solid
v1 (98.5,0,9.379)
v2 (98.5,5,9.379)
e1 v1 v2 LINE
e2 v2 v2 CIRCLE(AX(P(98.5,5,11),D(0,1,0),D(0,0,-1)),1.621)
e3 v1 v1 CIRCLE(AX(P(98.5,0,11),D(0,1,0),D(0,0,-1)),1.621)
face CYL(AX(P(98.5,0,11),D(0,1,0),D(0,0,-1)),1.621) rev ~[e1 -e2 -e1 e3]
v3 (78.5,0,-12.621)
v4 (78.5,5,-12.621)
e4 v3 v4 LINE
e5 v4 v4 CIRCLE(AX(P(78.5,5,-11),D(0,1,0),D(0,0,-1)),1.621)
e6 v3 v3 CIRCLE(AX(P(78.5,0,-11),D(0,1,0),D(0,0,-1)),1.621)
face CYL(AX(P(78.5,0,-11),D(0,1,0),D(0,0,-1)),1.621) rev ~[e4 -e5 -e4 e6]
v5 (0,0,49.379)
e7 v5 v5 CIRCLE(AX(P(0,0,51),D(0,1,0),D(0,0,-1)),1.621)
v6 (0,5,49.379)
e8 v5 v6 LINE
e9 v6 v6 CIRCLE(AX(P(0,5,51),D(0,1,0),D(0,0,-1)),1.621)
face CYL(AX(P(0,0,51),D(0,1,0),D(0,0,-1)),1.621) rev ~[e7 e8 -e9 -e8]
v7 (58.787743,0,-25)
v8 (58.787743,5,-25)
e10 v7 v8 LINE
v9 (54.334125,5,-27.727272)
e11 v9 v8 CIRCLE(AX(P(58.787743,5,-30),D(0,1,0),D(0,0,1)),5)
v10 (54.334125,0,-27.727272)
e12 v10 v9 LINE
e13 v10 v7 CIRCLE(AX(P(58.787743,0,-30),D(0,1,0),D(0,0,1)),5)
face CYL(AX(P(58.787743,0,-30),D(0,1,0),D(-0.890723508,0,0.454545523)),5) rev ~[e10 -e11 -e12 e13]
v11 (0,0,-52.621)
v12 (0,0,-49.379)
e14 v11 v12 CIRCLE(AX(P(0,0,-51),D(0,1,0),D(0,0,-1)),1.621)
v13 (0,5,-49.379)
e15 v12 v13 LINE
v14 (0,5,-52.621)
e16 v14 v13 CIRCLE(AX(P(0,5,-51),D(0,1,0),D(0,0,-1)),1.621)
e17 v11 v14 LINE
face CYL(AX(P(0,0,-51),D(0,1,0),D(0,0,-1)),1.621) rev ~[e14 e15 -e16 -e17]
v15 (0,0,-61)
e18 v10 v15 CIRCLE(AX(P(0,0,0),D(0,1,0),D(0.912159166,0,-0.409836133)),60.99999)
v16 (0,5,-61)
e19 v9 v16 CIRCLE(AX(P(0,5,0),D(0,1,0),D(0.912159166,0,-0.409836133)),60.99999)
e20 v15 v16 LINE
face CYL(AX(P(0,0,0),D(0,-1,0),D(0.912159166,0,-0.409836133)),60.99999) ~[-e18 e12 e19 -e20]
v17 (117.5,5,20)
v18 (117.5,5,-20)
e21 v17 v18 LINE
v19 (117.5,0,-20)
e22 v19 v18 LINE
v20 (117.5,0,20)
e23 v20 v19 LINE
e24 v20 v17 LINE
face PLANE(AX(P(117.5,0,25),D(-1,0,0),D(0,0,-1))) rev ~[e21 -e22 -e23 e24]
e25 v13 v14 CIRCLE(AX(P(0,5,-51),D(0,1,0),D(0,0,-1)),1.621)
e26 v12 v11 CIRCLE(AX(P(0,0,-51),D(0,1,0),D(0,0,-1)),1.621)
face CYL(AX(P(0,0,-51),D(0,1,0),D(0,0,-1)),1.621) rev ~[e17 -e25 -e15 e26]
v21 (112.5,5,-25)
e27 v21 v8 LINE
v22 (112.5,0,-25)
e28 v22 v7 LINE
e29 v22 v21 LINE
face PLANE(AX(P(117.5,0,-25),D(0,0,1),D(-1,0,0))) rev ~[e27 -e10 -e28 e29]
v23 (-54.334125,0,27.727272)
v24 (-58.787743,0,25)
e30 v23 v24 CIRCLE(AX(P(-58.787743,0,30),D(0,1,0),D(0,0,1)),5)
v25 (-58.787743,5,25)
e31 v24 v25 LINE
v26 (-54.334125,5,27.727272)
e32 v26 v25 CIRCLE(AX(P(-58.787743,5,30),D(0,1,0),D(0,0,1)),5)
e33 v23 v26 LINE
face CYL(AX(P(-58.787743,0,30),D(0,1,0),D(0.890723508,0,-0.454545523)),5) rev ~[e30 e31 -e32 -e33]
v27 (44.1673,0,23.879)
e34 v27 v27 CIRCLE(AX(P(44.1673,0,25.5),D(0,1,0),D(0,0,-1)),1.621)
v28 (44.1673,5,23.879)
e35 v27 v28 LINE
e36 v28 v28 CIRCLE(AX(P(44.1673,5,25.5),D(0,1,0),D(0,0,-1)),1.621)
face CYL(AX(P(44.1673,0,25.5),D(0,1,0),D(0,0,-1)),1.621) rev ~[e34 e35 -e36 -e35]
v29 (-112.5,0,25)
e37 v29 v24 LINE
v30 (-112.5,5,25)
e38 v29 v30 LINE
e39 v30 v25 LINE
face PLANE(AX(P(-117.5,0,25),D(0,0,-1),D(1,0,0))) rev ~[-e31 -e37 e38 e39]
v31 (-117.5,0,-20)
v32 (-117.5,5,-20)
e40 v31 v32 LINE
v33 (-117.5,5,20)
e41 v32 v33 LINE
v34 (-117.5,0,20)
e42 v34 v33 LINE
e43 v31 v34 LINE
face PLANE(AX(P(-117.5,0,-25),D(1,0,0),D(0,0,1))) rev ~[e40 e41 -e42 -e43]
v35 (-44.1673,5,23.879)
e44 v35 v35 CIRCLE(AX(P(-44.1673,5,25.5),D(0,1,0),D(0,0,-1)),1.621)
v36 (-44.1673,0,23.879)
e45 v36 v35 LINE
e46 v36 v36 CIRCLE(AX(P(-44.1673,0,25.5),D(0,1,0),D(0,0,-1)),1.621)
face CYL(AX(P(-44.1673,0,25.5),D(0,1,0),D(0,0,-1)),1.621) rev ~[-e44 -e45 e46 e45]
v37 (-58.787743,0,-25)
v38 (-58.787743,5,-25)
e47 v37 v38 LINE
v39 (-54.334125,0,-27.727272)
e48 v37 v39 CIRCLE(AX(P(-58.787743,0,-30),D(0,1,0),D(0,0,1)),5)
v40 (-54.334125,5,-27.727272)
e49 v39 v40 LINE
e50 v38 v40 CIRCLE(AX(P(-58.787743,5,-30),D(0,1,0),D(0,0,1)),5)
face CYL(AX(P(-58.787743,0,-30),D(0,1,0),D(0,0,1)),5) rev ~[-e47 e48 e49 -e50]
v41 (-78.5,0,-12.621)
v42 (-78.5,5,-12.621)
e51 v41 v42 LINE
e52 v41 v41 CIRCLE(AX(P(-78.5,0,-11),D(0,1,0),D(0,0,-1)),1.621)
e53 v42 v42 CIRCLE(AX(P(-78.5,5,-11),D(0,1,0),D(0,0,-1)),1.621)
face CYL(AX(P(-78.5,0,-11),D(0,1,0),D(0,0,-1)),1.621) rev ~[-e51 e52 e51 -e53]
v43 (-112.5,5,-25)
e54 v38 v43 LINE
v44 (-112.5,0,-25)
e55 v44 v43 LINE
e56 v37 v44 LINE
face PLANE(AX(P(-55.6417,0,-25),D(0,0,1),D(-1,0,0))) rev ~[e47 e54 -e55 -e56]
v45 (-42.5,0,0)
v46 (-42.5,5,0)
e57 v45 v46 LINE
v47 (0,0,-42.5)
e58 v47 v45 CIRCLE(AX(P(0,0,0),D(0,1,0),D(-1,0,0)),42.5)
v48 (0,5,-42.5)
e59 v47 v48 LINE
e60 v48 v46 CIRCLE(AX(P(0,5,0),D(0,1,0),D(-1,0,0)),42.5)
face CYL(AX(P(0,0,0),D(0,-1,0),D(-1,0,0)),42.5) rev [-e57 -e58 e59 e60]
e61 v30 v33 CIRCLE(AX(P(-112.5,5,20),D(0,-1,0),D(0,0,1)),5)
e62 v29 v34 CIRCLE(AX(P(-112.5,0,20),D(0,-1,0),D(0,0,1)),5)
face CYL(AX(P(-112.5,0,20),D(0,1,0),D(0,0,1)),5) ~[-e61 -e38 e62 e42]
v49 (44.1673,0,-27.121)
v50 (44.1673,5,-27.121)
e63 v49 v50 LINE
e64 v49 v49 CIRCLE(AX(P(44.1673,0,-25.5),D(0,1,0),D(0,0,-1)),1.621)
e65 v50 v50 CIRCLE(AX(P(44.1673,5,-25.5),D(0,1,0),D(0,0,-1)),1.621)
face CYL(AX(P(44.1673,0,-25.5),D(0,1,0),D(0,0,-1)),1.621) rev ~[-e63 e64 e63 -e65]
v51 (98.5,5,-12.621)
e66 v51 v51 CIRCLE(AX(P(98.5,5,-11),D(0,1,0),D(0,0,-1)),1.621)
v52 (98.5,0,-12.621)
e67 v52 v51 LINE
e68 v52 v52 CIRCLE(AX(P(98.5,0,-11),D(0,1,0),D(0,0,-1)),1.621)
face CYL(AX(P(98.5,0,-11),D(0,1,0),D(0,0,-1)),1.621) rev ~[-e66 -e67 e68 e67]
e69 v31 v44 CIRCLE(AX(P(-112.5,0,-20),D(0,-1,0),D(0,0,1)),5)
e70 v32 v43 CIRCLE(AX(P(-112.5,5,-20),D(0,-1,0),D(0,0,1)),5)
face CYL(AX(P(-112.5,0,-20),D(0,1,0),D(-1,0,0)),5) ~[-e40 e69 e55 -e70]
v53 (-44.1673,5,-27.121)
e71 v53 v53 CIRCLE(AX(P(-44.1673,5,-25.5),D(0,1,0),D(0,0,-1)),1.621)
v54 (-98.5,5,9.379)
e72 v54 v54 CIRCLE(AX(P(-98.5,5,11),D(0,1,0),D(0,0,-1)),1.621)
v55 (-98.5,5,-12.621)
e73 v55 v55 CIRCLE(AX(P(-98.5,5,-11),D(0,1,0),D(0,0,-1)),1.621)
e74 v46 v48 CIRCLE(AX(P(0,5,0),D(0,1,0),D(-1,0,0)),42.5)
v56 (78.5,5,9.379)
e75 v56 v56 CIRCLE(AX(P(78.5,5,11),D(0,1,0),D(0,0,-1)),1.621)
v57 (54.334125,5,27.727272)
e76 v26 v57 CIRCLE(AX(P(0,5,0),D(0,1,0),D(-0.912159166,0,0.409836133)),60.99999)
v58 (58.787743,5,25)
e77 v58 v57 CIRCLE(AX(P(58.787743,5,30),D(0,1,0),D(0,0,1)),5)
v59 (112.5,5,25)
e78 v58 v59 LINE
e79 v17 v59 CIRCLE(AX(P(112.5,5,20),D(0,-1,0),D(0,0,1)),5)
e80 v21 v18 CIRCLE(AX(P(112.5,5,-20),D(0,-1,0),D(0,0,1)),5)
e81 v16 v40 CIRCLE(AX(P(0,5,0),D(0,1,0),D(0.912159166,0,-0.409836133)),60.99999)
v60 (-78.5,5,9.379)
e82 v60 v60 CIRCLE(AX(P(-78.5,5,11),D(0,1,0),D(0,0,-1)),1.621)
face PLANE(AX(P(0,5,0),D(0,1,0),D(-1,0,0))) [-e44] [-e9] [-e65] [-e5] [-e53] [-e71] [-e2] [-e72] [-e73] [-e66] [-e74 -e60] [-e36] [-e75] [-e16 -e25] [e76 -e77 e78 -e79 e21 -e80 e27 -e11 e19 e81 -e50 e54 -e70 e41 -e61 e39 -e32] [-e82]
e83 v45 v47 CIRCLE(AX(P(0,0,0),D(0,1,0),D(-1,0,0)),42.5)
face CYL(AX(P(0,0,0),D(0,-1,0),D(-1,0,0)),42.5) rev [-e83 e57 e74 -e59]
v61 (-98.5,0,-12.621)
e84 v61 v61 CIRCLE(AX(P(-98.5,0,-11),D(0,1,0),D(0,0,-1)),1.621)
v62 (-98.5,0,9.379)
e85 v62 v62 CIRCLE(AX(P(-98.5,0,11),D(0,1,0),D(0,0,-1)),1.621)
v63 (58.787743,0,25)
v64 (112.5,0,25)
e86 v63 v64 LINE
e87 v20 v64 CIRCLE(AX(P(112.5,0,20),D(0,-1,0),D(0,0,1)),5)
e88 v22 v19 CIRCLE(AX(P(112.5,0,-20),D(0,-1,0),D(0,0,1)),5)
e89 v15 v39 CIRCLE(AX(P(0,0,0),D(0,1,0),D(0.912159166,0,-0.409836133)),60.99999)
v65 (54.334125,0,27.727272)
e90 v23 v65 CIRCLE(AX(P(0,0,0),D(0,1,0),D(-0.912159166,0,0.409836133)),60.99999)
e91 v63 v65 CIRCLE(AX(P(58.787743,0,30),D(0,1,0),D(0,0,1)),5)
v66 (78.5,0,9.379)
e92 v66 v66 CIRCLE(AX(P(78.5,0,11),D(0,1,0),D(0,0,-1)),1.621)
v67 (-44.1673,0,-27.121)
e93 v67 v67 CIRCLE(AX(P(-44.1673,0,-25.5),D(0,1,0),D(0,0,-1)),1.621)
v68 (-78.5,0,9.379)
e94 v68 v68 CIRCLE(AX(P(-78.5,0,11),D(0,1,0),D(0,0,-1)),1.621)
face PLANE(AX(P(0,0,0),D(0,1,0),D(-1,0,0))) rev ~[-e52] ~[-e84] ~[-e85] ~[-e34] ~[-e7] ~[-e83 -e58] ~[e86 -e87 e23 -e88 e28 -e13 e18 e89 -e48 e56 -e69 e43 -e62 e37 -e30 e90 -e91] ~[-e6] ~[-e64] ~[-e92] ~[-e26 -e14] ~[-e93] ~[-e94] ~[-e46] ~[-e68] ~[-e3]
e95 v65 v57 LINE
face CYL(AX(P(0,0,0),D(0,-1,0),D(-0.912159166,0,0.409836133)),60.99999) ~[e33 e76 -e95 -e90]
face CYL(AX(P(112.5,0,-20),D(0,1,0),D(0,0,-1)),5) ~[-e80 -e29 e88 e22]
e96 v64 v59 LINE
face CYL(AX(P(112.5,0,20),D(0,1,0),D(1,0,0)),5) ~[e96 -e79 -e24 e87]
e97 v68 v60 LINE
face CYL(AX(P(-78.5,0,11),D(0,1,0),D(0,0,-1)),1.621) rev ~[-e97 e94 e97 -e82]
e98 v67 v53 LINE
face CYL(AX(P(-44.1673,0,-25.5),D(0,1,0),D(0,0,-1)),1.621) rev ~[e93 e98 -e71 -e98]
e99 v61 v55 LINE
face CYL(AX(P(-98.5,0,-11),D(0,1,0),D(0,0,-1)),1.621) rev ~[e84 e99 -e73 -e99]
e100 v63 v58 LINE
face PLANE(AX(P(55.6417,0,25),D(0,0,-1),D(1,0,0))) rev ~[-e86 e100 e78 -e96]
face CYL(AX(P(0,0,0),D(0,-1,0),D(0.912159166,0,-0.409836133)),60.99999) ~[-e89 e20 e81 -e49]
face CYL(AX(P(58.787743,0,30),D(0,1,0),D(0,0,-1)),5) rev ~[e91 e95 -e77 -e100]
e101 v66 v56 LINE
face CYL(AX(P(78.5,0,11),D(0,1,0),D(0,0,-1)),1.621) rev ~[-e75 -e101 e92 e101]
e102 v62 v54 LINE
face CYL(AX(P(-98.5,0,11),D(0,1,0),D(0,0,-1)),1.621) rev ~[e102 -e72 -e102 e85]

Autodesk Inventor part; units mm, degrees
ref_plane "YZ Plane" through (0, 0, 0) normal (1, 0, 0) x (0, 1, 0)
ref_plane "XZ Plane" through (0, 0, 0) normal (0, 1, 0) x (-1, 0, 0)
ref_plane "XY Plane" through (0, 0, 0) normal (0, 0, 1) x (1, 0, 0)
sketch "Sketch1" plane through (0, 0, 0) normal (0, 1, 0) x (-1, 0, 0)
  circle A0 centre (0, 0) radius 42.5
  arc A1 (55.6417, 25) -> (-55.6417, 25) centre (0, 0) ccw
  line L0 (0, 0) -> (0, -61)
  line L1 (0, 0) -> (0, 0)
  line L2 (0, 0) -> (0, -90.4875)
  line L3 (-117.5, 25) -> (-117.5, -25)
  line L4 (117.5, -25) -> (117.5, 25)
  line L5 (117.5, 25) -> (-117.5, -25) construction
  line L6 (-117.5, 25) -> (117.5, -25) construction
  line L7 (117.5, 25) -> (55.6417, 25)
  line L8 (-55.6417, 25) -> (-117.5, 25)
  line L9 (55.6417, -25) -> (117.5, -25)
  line L10 (-117.5, -25) -> (-55.6417, -25)
  arc A2 (-55.6417, -25) -> (55.6417, -25) centre (0, 0) ccw
  dimension "d0" = 85
  dimension "d29" = 61
  dimension "d46" = 235
  dimension "d47" = 50
extrude "Extrusion1" add sketch "Sketch1" along normal blind 5
sketch "Sketch2" plane through (0, 0, 0) normal (0, -1, 0) x (1, 0, 0)
  line L0 (-117.5, -25) -> (-117.5, 25) projected
  line L1 (-117.5, 0) -> (117.5, 0)
  line L2 (117.5, 25) -> (117.5, -25) projected
  arc A0 (55.6417, 25) -> (-55.6417, 25) centre (0, 0) ccw projected
  line L3 (0, 61) -> (0, -61)
  arc A1 (-55.6417, -25) -> (55.6417, -25) centre (0, 0) ccw projected
  circle A2 centre (-98.5, 11) radius 2
  line L4 (-117.5, 25) -> (-55.6417, 25) projected
  circle A3 centre (-78.5, 11) radius 2
  circle A4 centre (-98.5, -11) radius 2
  circle A5 centre (-78.5, -11) radius 2
  circle A6 centre (98.5, 11) radius 2
  circle A7 centre (78.5, 11) radius 2
  circle A8 centre (98.5, -11) radius 2
  circle A9 centre (78.5, -11) radius 2
  dimension "d51" = 4
  dimension "d52" = 19
  dimension "d53" = 14
  dimension "d54" = 4
  dimension "d55" = 20
hole "Hole1" at (-98.5, 0, 11) at (-78.5, 0, 11) at (-78.5, 0, -11) at (-98.5, 0, -11) at (78.5, 0, 11) at (98.5, 0, 11) at (98.5, 0, -11) at (78.5, 0, -11) direction (0, 1, 0) diameter 3.242 depth 11.8 tip angle 118 thread size "M4x0.7" class "6H" standard "ANSI Metric M Profile"
sketch "Sketch3" plane through (0, 0, 0) normal (0, -1, 0) x (1, 0, 0)
  circle A0 centre (0, 0) radius 51
  circle A1 centre (0, 51) radius 2
  circle A2 centre (-44.1673, 25.5) radius 2
  circle A3 centre (-44.1673, -25.5) radius 2
  circle A4 centre (0, -51) radius 2
  circle A5 centre (44.1673, -25.5) radius 2
  circle A6 centre (44.1673, 25.5) radius 2
  dimension "d33" = 102
  dimension "d34" = 4
  dimension "d37" = 360
hole "Hole2" at (0, 0, 51) at (44.1673, 0, 25.5) at (44.1673, 0, -25.5) at (0, 0, -51) at (-44.1673, 0, -25.5) at (-44.1673, 0, 25.5) direction (0, 1, 0) diameter 3.242 depth 11.8 tip angle 118 thread size "M4x0.7" class "6H" standard "ANSI Metric M Profile"
fillet "Fillet2" radius 5 8 edges at (-117.5, 2.5, -25) (-55.6417, 2.5, -25) (117.5, 2.5, -25) (55.6417, 2.5, -25) (117.5, 2.5, 25) (55.6417, 2.5, 25) (-55.6417, 2.5, 25) (-117.5, 2.5, 25)
properties part number "Head Thing (metal)"
